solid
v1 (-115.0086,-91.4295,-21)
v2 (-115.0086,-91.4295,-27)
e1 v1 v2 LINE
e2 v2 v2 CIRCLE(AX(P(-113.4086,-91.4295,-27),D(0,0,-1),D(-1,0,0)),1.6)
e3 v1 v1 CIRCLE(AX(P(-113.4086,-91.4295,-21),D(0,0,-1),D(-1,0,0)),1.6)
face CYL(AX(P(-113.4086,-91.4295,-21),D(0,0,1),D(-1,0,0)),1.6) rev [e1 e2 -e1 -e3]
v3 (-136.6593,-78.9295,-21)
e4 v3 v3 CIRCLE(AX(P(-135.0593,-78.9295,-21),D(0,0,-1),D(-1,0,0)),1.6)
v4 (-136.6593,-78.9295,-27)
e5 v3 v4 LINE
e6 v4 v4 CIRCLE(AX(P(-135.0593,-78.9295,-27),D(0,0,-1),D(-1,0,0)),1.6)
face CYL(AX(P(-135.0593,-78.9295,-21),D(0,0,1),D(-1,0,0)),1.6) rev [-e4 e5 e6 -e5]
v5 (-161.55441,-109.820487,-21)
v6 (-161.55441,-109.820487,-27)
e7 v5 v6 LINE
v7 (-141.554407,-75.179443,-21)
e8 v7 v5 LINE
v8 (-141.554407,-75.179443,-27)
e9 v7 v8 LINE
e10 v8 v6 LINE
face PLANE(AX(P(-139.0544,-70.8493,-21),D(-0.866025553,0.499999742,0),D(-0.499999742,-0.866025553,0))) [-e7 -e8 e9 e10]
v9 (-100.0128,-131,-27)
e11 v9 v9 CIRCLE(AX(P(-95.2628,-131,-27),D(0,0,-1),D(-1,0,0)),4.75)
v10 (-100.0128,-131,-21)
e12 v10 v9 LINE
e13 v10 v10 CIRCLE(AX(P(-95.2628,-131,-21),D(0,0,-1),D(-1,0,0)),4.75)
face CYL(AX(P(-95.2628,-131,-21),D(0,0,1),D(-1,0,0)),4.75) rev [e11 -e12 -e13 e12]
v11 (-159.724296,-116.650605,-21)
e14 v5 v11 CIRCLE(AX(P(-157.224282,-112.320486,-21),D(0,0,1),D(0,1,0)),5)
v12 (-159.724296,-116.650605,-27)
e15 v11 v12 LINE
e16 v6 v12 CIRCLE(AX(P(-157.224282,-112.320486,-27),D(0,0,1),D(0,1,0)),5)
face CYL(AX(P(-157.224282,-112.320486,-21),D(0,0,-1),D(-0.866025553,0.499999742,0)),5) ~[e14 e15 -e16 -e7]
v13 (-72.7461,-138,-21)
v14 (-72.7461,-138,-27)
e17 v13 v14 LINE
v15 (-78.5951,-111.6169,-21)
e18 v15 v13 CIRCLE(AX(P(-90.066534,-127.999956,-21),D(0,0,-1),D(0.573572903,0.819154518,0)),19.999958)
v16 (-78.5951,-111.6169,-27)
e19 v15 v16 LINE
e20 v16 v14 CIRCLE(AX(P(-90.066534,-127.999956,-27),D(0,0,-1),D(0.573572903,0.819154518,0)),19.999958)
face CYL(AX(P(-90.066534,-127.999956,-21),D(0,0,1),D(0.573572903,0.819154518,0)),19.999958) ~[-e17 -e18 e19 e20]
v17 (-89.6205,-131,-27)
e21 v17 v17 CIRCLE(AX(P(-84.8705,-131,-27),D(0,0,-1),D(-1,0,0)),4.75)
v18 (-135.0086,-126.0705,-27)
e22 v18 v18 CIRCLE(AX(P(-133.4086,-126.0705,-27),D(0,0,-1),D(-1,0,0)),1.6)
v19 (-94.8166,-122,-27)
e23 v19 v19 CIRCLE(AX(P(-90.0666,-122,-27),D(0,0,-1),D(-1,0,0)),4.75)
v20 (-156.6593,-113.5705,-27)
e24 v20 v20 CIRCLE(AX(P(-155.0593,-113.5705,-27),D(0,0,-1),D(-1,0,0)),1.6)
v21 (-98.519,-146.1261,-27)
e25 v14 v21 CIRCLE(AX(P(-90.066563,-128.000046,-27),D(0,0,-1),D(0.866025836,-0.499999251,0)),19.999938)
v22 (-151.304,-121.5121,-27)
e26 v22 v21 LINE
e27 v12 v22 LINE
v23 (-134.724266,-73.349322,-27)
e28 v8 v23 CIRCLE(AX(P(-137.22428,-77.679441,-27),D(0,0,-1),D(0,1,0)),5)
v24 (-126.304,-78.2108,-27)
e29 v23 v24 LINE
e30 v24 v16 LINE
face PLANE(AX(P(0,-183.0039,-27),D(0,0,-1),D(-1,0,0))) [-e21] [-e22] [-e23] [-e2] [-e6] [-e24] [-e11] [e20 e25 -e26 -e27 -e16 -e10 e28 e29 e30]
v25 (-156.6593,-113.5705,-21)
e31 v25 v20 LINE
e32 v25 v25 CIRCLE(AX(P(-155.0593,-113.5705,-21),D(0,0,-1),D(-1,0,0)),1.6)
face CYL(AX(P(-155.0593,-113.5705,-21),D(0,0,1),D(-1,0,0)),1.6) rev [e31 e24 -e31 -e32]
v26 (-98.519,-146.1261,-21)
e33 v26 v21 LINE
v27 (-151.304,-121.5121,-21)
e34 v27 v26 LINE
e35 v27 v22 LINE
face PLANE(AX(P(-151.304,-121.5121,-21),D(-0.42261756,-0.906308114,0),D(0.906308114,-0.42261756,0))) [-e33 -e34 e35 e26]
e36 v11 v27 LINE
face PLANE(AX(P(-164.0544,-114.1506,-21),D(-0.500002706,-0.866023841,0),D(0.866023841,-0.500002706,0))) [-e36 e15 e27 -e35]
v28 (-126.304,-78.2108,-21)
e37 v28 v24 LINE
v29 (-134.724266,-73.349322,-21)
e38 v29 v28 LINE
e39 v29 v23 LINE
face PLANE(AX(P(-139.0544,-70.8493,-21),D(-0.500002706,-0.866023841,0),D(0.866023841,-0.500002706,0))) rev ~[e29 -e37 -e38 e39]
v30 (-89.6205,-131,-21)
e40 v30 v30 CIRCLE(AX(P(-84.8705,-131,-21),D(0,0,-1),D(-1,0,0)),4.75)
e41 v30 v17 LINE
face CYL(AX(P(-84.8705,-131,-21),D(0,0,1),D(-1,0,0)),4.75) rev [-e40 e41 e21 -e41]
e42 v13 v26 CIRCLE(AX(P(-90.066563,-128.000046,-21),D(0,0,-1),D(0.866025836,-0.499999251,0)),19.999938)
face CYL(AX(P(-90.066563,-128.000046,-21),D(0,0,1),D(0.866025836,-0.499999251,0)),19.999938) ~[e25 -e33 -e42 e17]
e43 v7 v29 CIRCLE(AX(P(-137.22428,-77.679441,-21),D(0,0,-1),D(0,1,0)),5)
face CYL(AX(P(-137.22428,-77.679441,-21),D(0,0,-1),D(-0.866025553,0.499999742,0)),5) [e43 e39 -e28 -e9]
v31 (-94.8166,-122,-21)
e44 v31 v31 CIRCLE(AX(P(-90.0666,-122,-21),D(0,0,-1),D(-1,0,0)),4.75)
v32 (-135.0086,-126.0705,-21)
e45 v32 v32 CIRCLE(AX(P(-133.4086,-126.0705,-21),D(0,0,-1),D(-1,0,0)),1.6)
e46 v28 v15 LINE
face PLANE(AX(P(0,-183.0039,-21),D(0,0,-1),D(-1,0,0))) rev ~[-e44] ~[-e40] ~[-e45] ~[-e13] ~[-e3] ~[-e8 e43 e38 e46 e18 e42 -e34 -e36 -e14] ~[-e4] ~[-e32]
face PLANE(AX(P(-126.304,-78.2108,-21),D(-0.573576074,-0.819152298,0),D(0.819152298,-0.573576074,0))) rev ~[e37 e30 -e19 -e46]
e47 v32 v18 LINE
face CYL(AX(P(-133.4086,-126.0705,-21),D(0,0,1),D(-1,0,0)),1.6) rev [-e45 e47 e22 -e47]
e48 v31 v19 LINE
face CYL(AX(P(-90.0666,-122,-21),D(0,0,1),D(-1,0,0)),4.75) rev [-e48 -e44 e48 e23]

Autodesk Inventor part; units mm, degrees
ref_plane "YZ Plane" through (0, 0, 0) normal (1, 0, 0) x (0, 1, 0)
ref_plane "XZ Plane" through (0, 0, 0) normal (0, 1, 0) x (-1, 0, 0)
ref_plane "РабПлоскость1" through (0, -183.0039, -21) normal (0, 0, -1) x (-1, 0, 0)
sketch "Эскиз1" plane through (0, -183.0039, -21) normal (0, 0, -1) x (-1, 0, 0)
  circle A0 centre (-113.4086, 91.5744) radius 1.6 construction
  circle A1 centre (-135.0593, 104.0744) radius 1.6 construction
  circle A2 centre (-155.0593, 69.4334) radius 1.6 construction
  circle A3 centre (-133.4086, 56.9334) radius 1.6 construction
  circle A4 centre (113.4086, 91.5744) radius 1.6 projected
  circle A5 centre (133.4086, 56.9334) radius 1.6 projected
  circle A6 centre (155.0593, 69.4334) radius 1.6 projected
  circle A7 centre (135.0593, 104.0744) radius 1.6 projected
  circle A8 centre (-39.6673, 36.2982) radius 1.6 construction
  circle A9 centre (-64.2558, 29.7097) radius 1.6 construction
  circle A10 centre (55.2558, 45.2982) radius 1.6 construction
  circle A11 centre (48.6673, 20.7097) radius 1.6 construction
  circle A12 centre (-9, -65.9961) radius 1.6 construction
  circle A13 centre (9, -47.9961) radius 1.6 construction
  circle A14 centre (-9, -47.9961) radius 1.6 construction
  circle A15 centre (9, -65.9961) radius 1.6 construction
  circle A16 centre (39.6673, 36.2982) radius 1.6 construction
  circle A17 centre (64.2558, 29.7097) radius 1.6 construction
  circle A18 centre (-55.2558, 45.2982) radius 1.6 construction
  circle A19 centre (-48.6673, 20.7097) radius 1.6 construction
  circle A20 centre (15.6458, -34.8967) radius 0.75 construction
  circle A21 centre (58.9471, -59.8967) radius 0.75 construction
  circle A22 centre (83.9471, -16.5954) radius 0.75 construction
  circle A23 centre (40.6458, 8.4046) radius 0.75 construction
  circle A24 centre (-40.6458, 8.4046) radius 0.75 construction
  circle A25 centre (-83.9471, -16.5954) radius 0.75 construction
  circle A26 centre (-58.9471, -59.8967) radius 0.75 construction
  circle A27 centre (-15.6458, -34.8967) radius 0.75 construction
  circle A28 centre (25, 35.5039) radius 0.75 construction
  circle A29 centre (-25, 35.5039) radius 0.75 construction
  circle A30 centre (-25, 85.5039) radius 0.75 construction
  circle A31 centre (25, 85.5039) radius 0.75 construction
  line L0 (-99.4987, -146.9961) -> (-58.2292, -146.9961) construction
  arc A32 (-58.2292, -146.9961) -> (-50.2665, -135.1021) centre (-78.4573, -124.8415) ccw construction
  line L1 (-50.2665, -135.1021) -> (-34.4151, -91.5508) construction
  arc A33 (-4.446, -71.8642) -> (-34.4151, -91.5508) centre (-6.2243, -101.8114) ccw construction
  arc A34 (-4.446, -71.8642) -> (4.446, -71.8642) centre (0, 3.0039) ccw construction
  arc A35 (34.4151, -91.5508) -> (4.446, -71.8642) centre (6.2243, -101.8114) ccw construction
  line L2 (34.4151, -91.5508) -> (50.2665, -135.1021) construction
  arc A36 (50.2665, -135.1021) -> (58.2292, -146.9961) centre (78.4573, -124.8415) ccw construction
  line L3 (58.2292, -146.9961) -> (99.4987, -146.9961) construction
  arc A37 (99.4987, -146.9961) -> (103.9106, -143.9743) centre (0, 3.0039) ccw construction
  arc A38 (103.9106, -143.9743) -> (113.7491, -106.7304) centre (86.5921, -119.4779) ccw construction
  arc A39 (151.9073, -40.6385) -> (113.7491, -106.7304) centre (155.8424, -86.9717) ccw construction
  arc A40 (151.9073, -40.6385) -> (179.2421, -13.4962) centre (149.3685, -10.7461) ccw construction
  arc A41 (179.2421, -13.4962) -> (99.4987, 153.0039) centre (0, 3.0039) ccw construction
  line L4 (99.4987, 153.0039) -> (78.6769, 153.0039) construction
  line L5 (78.6769, 153.0039) -> (88.1693, 146.3572) construction
  line L6 (88.1693, 146.3572) -> (84.7279, 141.4423) construction
  line L7 (84.7279, 141.4423) -> (72.4406, 150.046) construction
  line L8 (72.4406, 150.046) -> (74.5118, 153.0039) construction
  line L9 (74.5118, 153.0039) -> (65.3792, 153.0039) construction
  line L10 (65.3792, 153.0039) -> (62.0876, 145.0572) construction
  line L11 (62.0876, 145.0572) -> (56.5443, 147.3533) construction
  line L12 (56.5443, 147.3533) -> (58.8849, 153.0039) construction
  line L13 (58.8849, 153.0039) -> (35.5692, 153.0039) construction
  arc A42 (-35.5692, 153.0039) -> (35.5692, 153.0039) centre (0, 182.9552) ccw construction
  line L14 (-35.5692, 153.0039) -> (-58.8849, 153.0039) construction
  line L15 (-58.8849, 153.0039) -> (-56.5443, 147.3533) construction
  line L16 (-56.5443, 147.3533) -> (-62.0876, 145.0572) construction
  line L17 (-62.0876, 145.0572) -> (-65.3792, 153.0039) construction
  line L18 (-65.3792, 153.0039) -> (-74.5118, 153.0039) construction
  line L19 (-74.5118, 153.0039) -> (-72.4406, 150.046) construction
  line L20 (-72.4406, 150.046) -> (-84.7279, 141.4423) construction
  line L21 (-84.7279, 141.4423) -> (-88.1693, 146.3572) construction
  line L22 (-88.1693, 146.3572) -> (-78.6769, 153.0039) construction
  line L23 (-78.6769, 153.0039) -> (-99.4987, 153.0039) construction
  arc A43 (-99.4987, 153.0039) -> (-179.2421, -13.4962) centre (0, 3.0039) ccw construction
  arc A44 (-179.2421, -13.4962) -> (-151.9073, -40.6385) centre (-149.3685, -10.7461) ccw construction
  arc A45 (-113.7491, -106.7304) -> (-151.9073, -40.6385) centre (-155.8424, -86.9717) ccw construction
  arc A46 (-113.7491, -106.7304) -> (-103.9106, -143.9743) centre (-86.5921, -119.4779) ccw construction
  arc A47 (-103.9106, -143.9743) -> (-99.4987, -146.9961) centre (0, 3.0039) ccw construction
  line L24 (-44, 63.0039) -> (-44, 78.0039) construction
  line L25 (-44, 78.0039) -> (-35, 78.0039) construction
  line L26 (-35, 78.0039) -> (-35, 63.0039) construction
  line L27 (-35, 63.0039) -> (-44, 63.0039) construction
  line L28 (-44, 123.0039) -> (-44, 138.0039) construction
  line L29 (-44, 138.0039) -> (-35, 138.0039) construction
  line L30 (-35, 138.0039) -> (-35, 123.0039) construction
  line L31 (-35, 123.0039) -> (-44, 123.0039) construction
  line L32 (44, 108.0039) -> (44, 93.0039) construction
  line L33 (44, 93.0039) -> (35, 93.0039) construction
  line L34 (35, 93.0039) -> (35, 108.0039) construction
  line L35 (35, 108.0039) -> (44, 108.0039) construction
  line L36 (44, 123.0039) -> (35, 123.0039) construction
  line L37 (35, 123.0039) -> (35, 138.0039) construction
  line L38 (35, 138.0039) -> (44, 138.0039) construction
  line L39 (44, 138.0039) -> (44, 123.0039) construction
  line L40 (-35, 93.0039) -> (-44, 93.0039) construction
  line L41 (-44, 93.0039) -> (-44, 108.0039) construction
  line L42 (-44, 108.0039) -> (-35, 108.0039) construction
  line L43 (-35, 108.0039) -> (-35, 93.0039) construction
  line L44 (-15, 119.0039) -> (15, 119.0039) construction
  line L45 (15, 119.0039) -> (15, 113.0039) construction
  line L46 (15, 113.0039) -> (-15, 113.0039) construction
  line L47 (-15, 113.0039) -> (-15, 119.0039) construction
  line L48 (44, 78.0039) -> (44, 63.0039) construction
  line L49 (44, 63.0039) -> (35, 63.0039) construction
  line L50 (35, 63.0039) -> (35, 78.0039) construction
  line L51 (35, 78.0039) -> (44, 78.0039) construction
  line L52 (73.9615, 11.1091) -> (86.9519, 3.6091) construction
  line L53 (86.9519, 3.6091) -> (82.4519, -4.1852) construction
  line L54 (82.4519, -4.1852) -> (69.4615, 3.3148) construction
  line L55 (69.4615, 3.3148) -> (73.9615, 11.1091) construction
  line L56 (125.923, -18.8909) -> (138.9134, -26.3909) construction
  line L57 (138.9134, -26.3909) -> (134.4134, -34.1852) construction
  line L58 (134.4134, -34.1852) -> (121.423, -26.6852) construction
  line L59 (121.423, -26.6852) -> (125.923, -18.8909) construction
  line L60 (68.9327, -87.6012) -> (55.9423, -80.1012) construction
  line L61 (55.9423, -80.1012) -> (60.4423, -72.307) construction
  line L62 (60.4423, -72.307) -> (73.4327, -79.807) construction
  line L63 (73.4327, -79.807) -> (68.9327, -87.6012) construction
  line L64 (81.923, -95.1012) -> (86.423, -87.307) construction
  line L65 (86.423, -87.307) -> (99.4134, -94.807) construction
  line L66 (99.4134, -94.807) -> (94.9134, -102.6012) construction
  line L67 (94.9134, -102.6012) -> (81.923, -95.1012) construction
  line L68 (95.4423, -11.6852) -> (99.9423, -3.8909) construction
  line L69 (99.9423, -3.8909) -> (112.9327, -11.3909) construction
  line L70 (112.9327, -11.3909) -> (108.4327, -19.1852) construction
  line L71 (108.4327, -19.1852) -> (95.4423, -11.6852) construction
  line L72 (107.9589, -42.0057) -> (92.9589, -67.9864) construction
  line L73 (92.9589, -67.9864) -> (87.7628, -64.9864) construction
  line L74 (87.7628, -64.9864) -> (102.7628, -39.0057) construction
  line L75 (102.7628, -39.0057) -> (107.9589, -42.0057) construction
  line L76 (42.9519, -72.6012) -> (29.9615, -65.1012) construction
  line L77 (29.9615, -65.1012) -> (34.4615, -57.307) construction
  line L78 (34.4615, -57.307) -> (47.4519, -64.807) construction
  line L79 (47.4519, -64.807) -> (42.9519, -72.6012) construction
  line L80 (-47.4519, -64.807) -> (-34.4615, -57.307) construction
  line L81 (-34.4615, -57.307) -> (-29.9615, -65.1012) construction
  line L82 (-29.9615, -65.1012) -> (-42.9519, -72.6012) construction
  line L83 (-42.9519, -72.6012) -> (-47.4519, -64.807) construction
  line L84 (-82.4519, -4.1852) -> (-86.9519, 3.6091) construction
  line L85 (-86.9519, 3.6091) -> (-73.9615, 11.1091) construction
  line L86 (-73.9615, 11.1091) -> (-69.4615, 3.3148) construction
  line L87 (-69.4615, 3.3148) -> (-82.4519, -4.1852) construction
  line L88 (-102.7628, -39.0057) -> (-87.7628, -64.9864) construction
  line L89 (-87.7628, -64.9864) -> (-92.9589, -67.9864) construction
  line L90 (-92.9589, -67.9864) -> (-107.9589, -42.0057) construction
  line L91 (-107.9589, -42.0057) -> (-102.7628, -39.0057) construction
  line L92 (-73.4327, -79.807) -> (-60.4423, -72.307) construction
  line L93 (-60.4423, -72.307) -> (-55.9423, -80.1012) construction
  line L94 (-55.9423, -80.1012) -> (-68.9327, -87.6012) construction
  line L95 (-68.9327, -87.6012) -> (-73.4327, -79.807) construction
  line L96 (-134.4134, -34.1852) -> (-138.9134, -26.3909) construction
  line L97 (-138.9134, -26.3909) -> (-125.923, -18.8909) construction
  line L98 (-125.923, -18.8909) -> (-121.423, -26.6852) construction
  line L99 (-121.423, -26.6852) -> (-134.4134, -34.1852) construction
  line L100 (-108.4327, -19.1852) -> (-112.9327, -11.3909) construction
  line L101 (-112.9327, -11.3909) -> (-99.9423, -3.8909) construction
  line L102 (-99.9423, -3.8909) -> (-95.4423, -11.6852) construction
  line L103 (-95.4423, -11.6852) -> (-108.4327, -19.1852) construction
  line L104 (-99.4134, -94.807) -> (-86.423, -87.307) construction
  line L105 (-86.423, -87.307) -> (-81.923, -95.1012) construction
  line L106 (-81.923, -95.1012) -> (-94.9134, -102.6012) construction
  line L107 (-94.9134, -102.6012) -> (-99.4134, -94.807) construction
  line L108 (-113.3982, 121.3672) -> (-116.8396, 126.2821) construction
  line L109 (-116.8396, 126.2821) -> (-104.5524, 134.8857) construction
  line L110 (-104.5524, 134.8857) -> (-101.1109, 129.9708) construction
  line L111 (-101.1109, 129.9708) -> (-113.3982, 121.3672) construction
  line L112 (-162.2551, 7.1612) -> (-163.5624, -7.7817) construction
  line L113 (-163.5624, -7.7817) -> (-169.5396, -7.2588) construction
  line L114 (-169.5396, -7.2588) -> (-168.2323, 7.6842) construction
  line L115 (-168.2323, 7.6842) -> (-162.2551, 7.1612) construction
  line L116 (-119.365, -9.6849) -> (-118.5818, -15.6335) construction
  line L117 (-118.5818, -15.6335) -> (-133.4535, -17.5914) construction
  line L118 (-133.4535, -17.5914) -> (-134.2366, -11.6428) construction
  line L119 (-134.2366, -11.6428) -> (-119.365, -9.6849) construction
  line L120 (-73.1685, -110.4878) -> (-65.3227, -97.7033) construction
  line L121 (-65.3227, -97.7033) -> (-60.2089, -100.8416) construction
  line L122 (-60.2089, -100.8416) -> (-68.0546, -113.6261) construction
  line L123 (-68.0546, -113.6261) -> (-73.1685, -110.4878) construction
  line L124 (-165.1818, 42.551) -> (-159.2046, 42.028) construction
  line L125 (-159.2046, 42.028) -> (-160.512, 27.0851) construction
  line L126 (-160.512, 27.0851) -> (-166.4892, 27.608) construction
  line L127 (-166.4892, 27.608) -> (-165.1818, 42.551) construction
  line L128 (-153.2824, -20.202) -> (-168.154, -22.1599) construction
  line L129 (-168.154, -22.1599) -> (-168.9372, -16.2112) construction
  line L130 (-168.9372, -16.2112) -> (-154.0655, -14.2533) construction
  line L131 (-154.0655, -14.2533) -> (-153.2824, -20.202) construction
  line L132 (-86.3613, -143.4567) -> (-91.4751, -140.3184) construction
  line L133 (-91.4751, -140.3184) -> (-83.6294, -127.5339) construction
  line L134 (-83.6294, -127.5339) -> (-78.5156, -130.6722) construction
  line L135 (-78.5156, -130.6722) -> (-86.3613, -143.4567) construction
  line L136 (-48.8906, 128.8757) -> (-43.1504, 115.0175) construction
  line L137 (-43.1504, 115.0175) -> (-48.6937, 112.7214) construction
  line L138 (-48.6937, 112.7214) -> (-54.4339, 126.5796) construction
  line L139 (-54.4339, 126.5796) -> (-48.8906, 128.8757) construction
  line L140 (101.1109, 129.9708) -> (104.5524, 134.8857) construction
  line L141 (104.5524, 134.8857) -> (116.8396, 126.2821) construction
  line L142 (116.8396, 126.2821) -> (113.3982, 121.3672) construction
  line L143 (113.3982, 121.3672) -> (101.1109, 129.9708) construction
  line L144 (48.8906, 128.8757) -> (54.4339, 126.5796) construction
  line L145 (54.4339, 126.5796) -> (48.6937, 112.7214) construction
  line L146 (48.6937, 112.7214) -> (43.1504, 115.0175) construction
  line L147 (43.1504, 115.0175) -> (48.8906, 128.8757) construction
  line L148 (78.5156, -130.6722) -> (83.6294, -127.5339) construction
  line L149 (83.6294, -127.5339) -> (91.4751, -140.3184) construction
  line L150 (91.4751, -140.3184) -> (86.3613, -143.4567) construction
  line L151 (86.3613, -143.4567) -> (78.5156, -130.6722) construction
  line L152 (153.2824, -20.202) -> (154.0655, -14.2533) construction
  line L153 (154.0655, -14.2533) -> (168.9372, -16.2112) construction
  line L154 (168.9372, -16.2112) -> (168.154, -22.1599) construction
  line L155 (168.154, -22.1599) -> (153.2824, -20.202) construction
  line L156 (166.4892, 27.608) -> (160.512, 27.0851) construction
  line L157 (160.512, 27.0851) -> (159.2046, 42.028) construction
  line L158 (159.2046, 42.028) -> (165.1818, 42.551) construction
  line L159 (165.1818, 42.551) -> (166.4892, 27.608) construction
  line L160 (73.1685, -110.4878) -> (68.0546, -113.6261) construction
  line L161 (68.0546, -113.6261) -> (60.2089, -100.8416) construction
  line L162 (60.2089, -100.8416) -> (65.3227, -97.7033) construction
  line L163 (65.3227, -97.7033) -> (73.1685, -110.4878) construction
  line L164 (134.2366, -11.6428) -> (133.4535, -17.5914) construction
  line L165 (133.4535, -17.5914) -> (118.5818, -15.6335) construction
  line L166 (118.5818, -15.6335) -> (119.365, -9.6849) construction
  line L167 (119.365, -9.6849) -> (134.2366, -11.6428) construction
  line L168 (162.2551, 7.1612) -> (168.2323, 7.6842) construction
  line L169 (168.2323, 7.6842) -> (169.5396, -7.2588) construction
  line L170 (169.5396, -7.2588) -> (163.5624, -7.7817) construction
  line L171 (163.5624, -7.7817) -> (162.2551, 7.1612) construction
  arc A48 (3.25, -9.7608) -> (3.5417, -10.4667) centre (4.25, -9.7608) ccw construction
  arc A49 (-3.5417, -10.4667) -> (3.5417, -10.4667) centre (0, -13.9961) ccw construction
  arc A50 (-3.5417, -10.4667) -> (-3.25, -9.7608) centre (-4.25, -9.7608) ccw construction
  line L172 (-3.25, -9.7608) -> (-3.25, -8.2183) construction
  arc A51 (-3.25, -8.2183) -> (-3.8958, -7.2831) centre (-4.25, -8.2183) ccw construction
  arc A52 (-8.4764, -4.0069) -> (-3.8958, -7.2831) centre (0, 3.0039) ccw construction
  arc A53 (-8.4764, -4.0069) -> (-9.747, -3.7782) centre (-9.247, -4.6442) ccw construction
  line L173 (-9.747, -3.7782) -> (-10.7583, -4.3621) construction
  arc A54 (-10.7583, -4.3621) -> (-11.1244, -5.7281) centre (-10.2583, -5.2281) ccw construction
  line L174 (-11.1244, -5.7281) -> (-9.6244, -8.3262) construction
  line L175 (-9.6244, -8.3262) -> (-11.3564, -9.3262) construction
  line L176 (-11.3564, -9.3262) -> (-16.3564, -0.6659) construction
  line L177 (-16.3564, -0.6659) -> (-14.6244, 0.3341) construction
  line L178 (-14.6244, 0.3341) -> (-13.1244, -2.264) construction
  arc A55 (-13.1244, -2.264) -> (-11.7583, -2.63) centre (-12.2583, -1.764) ccw construction
  line L179 (-11.7583, -2.63) -> (-10.747, -2.0461) construction
  arc A56 (-10.747, -2.0461) -> (-10.3097, -0.8314) centre (-11.247, -1.1801) ccw construction
  arc A57 (-10.8567, 4.7735) -> (-10.3097, -0.8314) centre (0, 3.0039) ccw construction
  arc A58 (-10.8567, 4.7735) -> (-11.3437, 5.8004) centre (-11.8437, 4.9344) ccw construction
  line L180 (-11.3437, 5.8004) -> (-12.6796, 6.5717) construction
  arc A59 (-12.6796, 6.5717) -> (-13.4367, 6.6721) centre (-13.1796, 5.7057) ccw construction
  arc A60 (-9.8951, 12.8064) -> (-13.4367, 6.6721) centre (-14.7224, 11.5039) ccw construction
  arc A61 (-9.8951, 12.8064) -> (-9.4296, 12.2009) centre (-8.9296, 13.0669) ccw construction
  line L181 (-9.4296, 12.2009) -> (-8.0937, 11.4296) construction
  arc A62 (-8.0937, 11.4296) -> (-6.9609, 11.5213) centre (-7.5937, 12.2956) ccw construction
  arc A63 (-1.8333, 13.8501) -> (-6.9609, 11.5213) centre (0, 3.0039) ccw construction
  arc A64 (-1.8333, 13.8501) -> (-1, 14.8361) centre (-2, 14.8361) ccw construction
  line L182 (-1, 14.8361) -> (-1, 16.0039) construction
  arc A65 (-1, 16.0039) -> (-2, 17.0039) centre (-2, 16.0039) ccw construction
  line L183 (-2, 17.0039) -> (-5, 17.0039) construction
  line L184 (-5, 17.0039) -> (-5, 19.0039) construction
  line L185 (-5, 19.0039) -> (5, 19.0039) construction
  line L186 (5, 19.0039) -> (5, 17.0039) construction
  line L187 (5, 17.0039) -> (2, 17.0039) construction
  arc A66 (2, 17.0039) -> (1, 16.0039) centre (2, 16.0039) ccw construction
  line L188 (1, 16.0039) -> (1, 14.8361) construction
  arc A67 (1, 14.8361) -> (1.8333, 13.8501) centre (2, 14.8361) ccw construction
  arc A68 (6.9609, 11.5213) -> (1.8333, 13.8501) centre (0, 3.0039) ccw construction
  arc A69 (6.9609, 11.5213) -> (8.0937, 11.4296) centre (7.5937, 12.2956) ccw construction
  line L189 (8.0937, 11.4296) -> (9.4296, 12.2009) construction
  arc A70 (9.4296, 12.2009) -> (9.8951, 12.8064) centre (8.9296, 13.0669) ccw construction
  arc A71 (13.4367, 6.6721) -> (9.8951, 12.8064) centre (14.7224, 11.5039) ccw construction
  arc A72 (13.4367, 6.6721) -> (12.6796, 6.5717) centre (13.1796, 5.7057) ccw construction
  line L190 (12.6796, 6.5717) -> (11.3437, 5.8004) construction
  arc A73 (11.3437, 5.8004) -> (10.8567, 4.7735) centre (11.8437, 4.9344) ccw construction
  arc A74 (10.3097, -0.8314) -> (10.8567, 4.7735) centre (0, 3.0039) ccw construction
  arc A75 (10.3097, -0.8314) -> (10.747, -2.0461) centre (11.247, -1.1801) ccw construction
  line L191 (10.747, -2.0461) -> (11.7583, -2.63) construction
  arc A76 (11.7583, -2.63) -> (13.1244, -2.264) centre (12.2583, -1.764) ccw construction
  line L192 (13.1244, -2.264) -> (14.6244, 0.3341) construction
  line L193 (14.6244, 0.3341) -> (16.3564, -0.6659) construction
  line L194 (16.3564, -0.6659) -> (11.3564, -9.3262) construction
  line L195 (11.3564, -9.3262) -> (9.6244, -8.3262) construction
  line L196 (9.6244, -8.3262) -> (11.1244, -5.7281) construction
  arc A77 (11.1244, -5.7281) -> (10.7583, -4.3621) centre (10.2583, -5.2281) ccw construction
  line L197 (10.7583, -4.3621) -> (9.747, -3.7782) construction
  arc A78 (9.747, -3.7782) -> (8.4764, -4.0069) centre (9.247, -4.6442) ccw construction
  arc A79 (3.8958, -7.2831) -> (8.4764, -4.0069) centre (0, 3.0039) ccw construction
  arc A80 (3.8958, -7.2831) -> (3.25, -8.2183) centre (4.25, -8.2183) ccw construction
  line L198 (3.25, -8.2183) -> (3.25, -9.7608) construction
  arc A81 (-54.1242, 54.9228) -> (-95.9802, 95.0735) centre (-75.0522, 74.9982) ccw construction
  arc A82 (-54.1242, 54.9228) -> (-72.0252, 23.9174) centre (0, 3.0039) ccw construction
  arc A83 (-127.7247, 40.0905) -> (-72.0252, 23.9174) centre (-99.8749, 32.0039) ccw construction
  arc A84 (-95.9802, 95.0735) -> (-127.7247, 40.0905) centre (0, 3.0039) ccw construction
  arc A85 (72.0252, 23.9174) -> (127.7247, 40.0905) centre (99.8749, 32.0039) ccw construction
  arc A86 (72.0252, 23.9174) -> (54.1242, 54.9228) centre (0, 3.0039) ccw construction
  arc A87 (95.9802, 95.0735) -> (54.1242, 54.9228) centre (75.0522, 74.9982) ccw construction
  arc A88 (127.7247, 40.0905) -> (95.9802, 95.0735) centre (0, 3.0039) ccw construction
  circle A89 centre (88.6033, 57.4599) radius 21.579 construction
  circle A90 centre (0, 3.0039) radius 104 construction
  line L199 (0, 3.0039) -> (115.1814, 69.5039) construction
  line L200 (139.0544, 112.1546) -> (164.0544, 68.8533)
  line L201 (164.0544, 68.8533) -> (151.304, 61.4918)
  line L202 (151.304, 61.4918) -> (98.519, 36.8778)
  arc A91 (72.7461, 45.0039) -> (98.519, 36.8778) centre (90.0666, 55.0039) ccw
  line L203 (139.0544, 112.1546) -> (126.304, 104.7931)
  line L204 (126.304, 104.7931) -> (78.5951, 71.387)
  arc A92 (78.5951, 71.387) -> (72.7461, 45.0039) centre (90.0666, 55.0039) ccw
  circle A93 centre (90.0666, 55.0039) radius 6 construction
  circle A94 centre (84.8705, 52.0039) radius 4.75
  circle A95 centre (95.2628, 52.0039) radius 4.75
  circle A96 centre (90.0666, 61.0039) radius 4.75
  point P0 (0, 183.0039)
  dimension "d5" = 12
  dimension "d0" = 25
  dimension "d1" = 175
  dimension "d2" = 5
  dimension "d3" = 20
  dimension "d4" = 9.5
  dimension "d8" = 360
extrude "Выдавливание1" add sketch "Эскиз1" along normal blind 6
fillet "Сопряжение1" radius 5 2 edges at (-164.0544, -114.1506, -24) (-139.0544, -70.8494, -24)
properties part number "Кронштейн_разлив"
